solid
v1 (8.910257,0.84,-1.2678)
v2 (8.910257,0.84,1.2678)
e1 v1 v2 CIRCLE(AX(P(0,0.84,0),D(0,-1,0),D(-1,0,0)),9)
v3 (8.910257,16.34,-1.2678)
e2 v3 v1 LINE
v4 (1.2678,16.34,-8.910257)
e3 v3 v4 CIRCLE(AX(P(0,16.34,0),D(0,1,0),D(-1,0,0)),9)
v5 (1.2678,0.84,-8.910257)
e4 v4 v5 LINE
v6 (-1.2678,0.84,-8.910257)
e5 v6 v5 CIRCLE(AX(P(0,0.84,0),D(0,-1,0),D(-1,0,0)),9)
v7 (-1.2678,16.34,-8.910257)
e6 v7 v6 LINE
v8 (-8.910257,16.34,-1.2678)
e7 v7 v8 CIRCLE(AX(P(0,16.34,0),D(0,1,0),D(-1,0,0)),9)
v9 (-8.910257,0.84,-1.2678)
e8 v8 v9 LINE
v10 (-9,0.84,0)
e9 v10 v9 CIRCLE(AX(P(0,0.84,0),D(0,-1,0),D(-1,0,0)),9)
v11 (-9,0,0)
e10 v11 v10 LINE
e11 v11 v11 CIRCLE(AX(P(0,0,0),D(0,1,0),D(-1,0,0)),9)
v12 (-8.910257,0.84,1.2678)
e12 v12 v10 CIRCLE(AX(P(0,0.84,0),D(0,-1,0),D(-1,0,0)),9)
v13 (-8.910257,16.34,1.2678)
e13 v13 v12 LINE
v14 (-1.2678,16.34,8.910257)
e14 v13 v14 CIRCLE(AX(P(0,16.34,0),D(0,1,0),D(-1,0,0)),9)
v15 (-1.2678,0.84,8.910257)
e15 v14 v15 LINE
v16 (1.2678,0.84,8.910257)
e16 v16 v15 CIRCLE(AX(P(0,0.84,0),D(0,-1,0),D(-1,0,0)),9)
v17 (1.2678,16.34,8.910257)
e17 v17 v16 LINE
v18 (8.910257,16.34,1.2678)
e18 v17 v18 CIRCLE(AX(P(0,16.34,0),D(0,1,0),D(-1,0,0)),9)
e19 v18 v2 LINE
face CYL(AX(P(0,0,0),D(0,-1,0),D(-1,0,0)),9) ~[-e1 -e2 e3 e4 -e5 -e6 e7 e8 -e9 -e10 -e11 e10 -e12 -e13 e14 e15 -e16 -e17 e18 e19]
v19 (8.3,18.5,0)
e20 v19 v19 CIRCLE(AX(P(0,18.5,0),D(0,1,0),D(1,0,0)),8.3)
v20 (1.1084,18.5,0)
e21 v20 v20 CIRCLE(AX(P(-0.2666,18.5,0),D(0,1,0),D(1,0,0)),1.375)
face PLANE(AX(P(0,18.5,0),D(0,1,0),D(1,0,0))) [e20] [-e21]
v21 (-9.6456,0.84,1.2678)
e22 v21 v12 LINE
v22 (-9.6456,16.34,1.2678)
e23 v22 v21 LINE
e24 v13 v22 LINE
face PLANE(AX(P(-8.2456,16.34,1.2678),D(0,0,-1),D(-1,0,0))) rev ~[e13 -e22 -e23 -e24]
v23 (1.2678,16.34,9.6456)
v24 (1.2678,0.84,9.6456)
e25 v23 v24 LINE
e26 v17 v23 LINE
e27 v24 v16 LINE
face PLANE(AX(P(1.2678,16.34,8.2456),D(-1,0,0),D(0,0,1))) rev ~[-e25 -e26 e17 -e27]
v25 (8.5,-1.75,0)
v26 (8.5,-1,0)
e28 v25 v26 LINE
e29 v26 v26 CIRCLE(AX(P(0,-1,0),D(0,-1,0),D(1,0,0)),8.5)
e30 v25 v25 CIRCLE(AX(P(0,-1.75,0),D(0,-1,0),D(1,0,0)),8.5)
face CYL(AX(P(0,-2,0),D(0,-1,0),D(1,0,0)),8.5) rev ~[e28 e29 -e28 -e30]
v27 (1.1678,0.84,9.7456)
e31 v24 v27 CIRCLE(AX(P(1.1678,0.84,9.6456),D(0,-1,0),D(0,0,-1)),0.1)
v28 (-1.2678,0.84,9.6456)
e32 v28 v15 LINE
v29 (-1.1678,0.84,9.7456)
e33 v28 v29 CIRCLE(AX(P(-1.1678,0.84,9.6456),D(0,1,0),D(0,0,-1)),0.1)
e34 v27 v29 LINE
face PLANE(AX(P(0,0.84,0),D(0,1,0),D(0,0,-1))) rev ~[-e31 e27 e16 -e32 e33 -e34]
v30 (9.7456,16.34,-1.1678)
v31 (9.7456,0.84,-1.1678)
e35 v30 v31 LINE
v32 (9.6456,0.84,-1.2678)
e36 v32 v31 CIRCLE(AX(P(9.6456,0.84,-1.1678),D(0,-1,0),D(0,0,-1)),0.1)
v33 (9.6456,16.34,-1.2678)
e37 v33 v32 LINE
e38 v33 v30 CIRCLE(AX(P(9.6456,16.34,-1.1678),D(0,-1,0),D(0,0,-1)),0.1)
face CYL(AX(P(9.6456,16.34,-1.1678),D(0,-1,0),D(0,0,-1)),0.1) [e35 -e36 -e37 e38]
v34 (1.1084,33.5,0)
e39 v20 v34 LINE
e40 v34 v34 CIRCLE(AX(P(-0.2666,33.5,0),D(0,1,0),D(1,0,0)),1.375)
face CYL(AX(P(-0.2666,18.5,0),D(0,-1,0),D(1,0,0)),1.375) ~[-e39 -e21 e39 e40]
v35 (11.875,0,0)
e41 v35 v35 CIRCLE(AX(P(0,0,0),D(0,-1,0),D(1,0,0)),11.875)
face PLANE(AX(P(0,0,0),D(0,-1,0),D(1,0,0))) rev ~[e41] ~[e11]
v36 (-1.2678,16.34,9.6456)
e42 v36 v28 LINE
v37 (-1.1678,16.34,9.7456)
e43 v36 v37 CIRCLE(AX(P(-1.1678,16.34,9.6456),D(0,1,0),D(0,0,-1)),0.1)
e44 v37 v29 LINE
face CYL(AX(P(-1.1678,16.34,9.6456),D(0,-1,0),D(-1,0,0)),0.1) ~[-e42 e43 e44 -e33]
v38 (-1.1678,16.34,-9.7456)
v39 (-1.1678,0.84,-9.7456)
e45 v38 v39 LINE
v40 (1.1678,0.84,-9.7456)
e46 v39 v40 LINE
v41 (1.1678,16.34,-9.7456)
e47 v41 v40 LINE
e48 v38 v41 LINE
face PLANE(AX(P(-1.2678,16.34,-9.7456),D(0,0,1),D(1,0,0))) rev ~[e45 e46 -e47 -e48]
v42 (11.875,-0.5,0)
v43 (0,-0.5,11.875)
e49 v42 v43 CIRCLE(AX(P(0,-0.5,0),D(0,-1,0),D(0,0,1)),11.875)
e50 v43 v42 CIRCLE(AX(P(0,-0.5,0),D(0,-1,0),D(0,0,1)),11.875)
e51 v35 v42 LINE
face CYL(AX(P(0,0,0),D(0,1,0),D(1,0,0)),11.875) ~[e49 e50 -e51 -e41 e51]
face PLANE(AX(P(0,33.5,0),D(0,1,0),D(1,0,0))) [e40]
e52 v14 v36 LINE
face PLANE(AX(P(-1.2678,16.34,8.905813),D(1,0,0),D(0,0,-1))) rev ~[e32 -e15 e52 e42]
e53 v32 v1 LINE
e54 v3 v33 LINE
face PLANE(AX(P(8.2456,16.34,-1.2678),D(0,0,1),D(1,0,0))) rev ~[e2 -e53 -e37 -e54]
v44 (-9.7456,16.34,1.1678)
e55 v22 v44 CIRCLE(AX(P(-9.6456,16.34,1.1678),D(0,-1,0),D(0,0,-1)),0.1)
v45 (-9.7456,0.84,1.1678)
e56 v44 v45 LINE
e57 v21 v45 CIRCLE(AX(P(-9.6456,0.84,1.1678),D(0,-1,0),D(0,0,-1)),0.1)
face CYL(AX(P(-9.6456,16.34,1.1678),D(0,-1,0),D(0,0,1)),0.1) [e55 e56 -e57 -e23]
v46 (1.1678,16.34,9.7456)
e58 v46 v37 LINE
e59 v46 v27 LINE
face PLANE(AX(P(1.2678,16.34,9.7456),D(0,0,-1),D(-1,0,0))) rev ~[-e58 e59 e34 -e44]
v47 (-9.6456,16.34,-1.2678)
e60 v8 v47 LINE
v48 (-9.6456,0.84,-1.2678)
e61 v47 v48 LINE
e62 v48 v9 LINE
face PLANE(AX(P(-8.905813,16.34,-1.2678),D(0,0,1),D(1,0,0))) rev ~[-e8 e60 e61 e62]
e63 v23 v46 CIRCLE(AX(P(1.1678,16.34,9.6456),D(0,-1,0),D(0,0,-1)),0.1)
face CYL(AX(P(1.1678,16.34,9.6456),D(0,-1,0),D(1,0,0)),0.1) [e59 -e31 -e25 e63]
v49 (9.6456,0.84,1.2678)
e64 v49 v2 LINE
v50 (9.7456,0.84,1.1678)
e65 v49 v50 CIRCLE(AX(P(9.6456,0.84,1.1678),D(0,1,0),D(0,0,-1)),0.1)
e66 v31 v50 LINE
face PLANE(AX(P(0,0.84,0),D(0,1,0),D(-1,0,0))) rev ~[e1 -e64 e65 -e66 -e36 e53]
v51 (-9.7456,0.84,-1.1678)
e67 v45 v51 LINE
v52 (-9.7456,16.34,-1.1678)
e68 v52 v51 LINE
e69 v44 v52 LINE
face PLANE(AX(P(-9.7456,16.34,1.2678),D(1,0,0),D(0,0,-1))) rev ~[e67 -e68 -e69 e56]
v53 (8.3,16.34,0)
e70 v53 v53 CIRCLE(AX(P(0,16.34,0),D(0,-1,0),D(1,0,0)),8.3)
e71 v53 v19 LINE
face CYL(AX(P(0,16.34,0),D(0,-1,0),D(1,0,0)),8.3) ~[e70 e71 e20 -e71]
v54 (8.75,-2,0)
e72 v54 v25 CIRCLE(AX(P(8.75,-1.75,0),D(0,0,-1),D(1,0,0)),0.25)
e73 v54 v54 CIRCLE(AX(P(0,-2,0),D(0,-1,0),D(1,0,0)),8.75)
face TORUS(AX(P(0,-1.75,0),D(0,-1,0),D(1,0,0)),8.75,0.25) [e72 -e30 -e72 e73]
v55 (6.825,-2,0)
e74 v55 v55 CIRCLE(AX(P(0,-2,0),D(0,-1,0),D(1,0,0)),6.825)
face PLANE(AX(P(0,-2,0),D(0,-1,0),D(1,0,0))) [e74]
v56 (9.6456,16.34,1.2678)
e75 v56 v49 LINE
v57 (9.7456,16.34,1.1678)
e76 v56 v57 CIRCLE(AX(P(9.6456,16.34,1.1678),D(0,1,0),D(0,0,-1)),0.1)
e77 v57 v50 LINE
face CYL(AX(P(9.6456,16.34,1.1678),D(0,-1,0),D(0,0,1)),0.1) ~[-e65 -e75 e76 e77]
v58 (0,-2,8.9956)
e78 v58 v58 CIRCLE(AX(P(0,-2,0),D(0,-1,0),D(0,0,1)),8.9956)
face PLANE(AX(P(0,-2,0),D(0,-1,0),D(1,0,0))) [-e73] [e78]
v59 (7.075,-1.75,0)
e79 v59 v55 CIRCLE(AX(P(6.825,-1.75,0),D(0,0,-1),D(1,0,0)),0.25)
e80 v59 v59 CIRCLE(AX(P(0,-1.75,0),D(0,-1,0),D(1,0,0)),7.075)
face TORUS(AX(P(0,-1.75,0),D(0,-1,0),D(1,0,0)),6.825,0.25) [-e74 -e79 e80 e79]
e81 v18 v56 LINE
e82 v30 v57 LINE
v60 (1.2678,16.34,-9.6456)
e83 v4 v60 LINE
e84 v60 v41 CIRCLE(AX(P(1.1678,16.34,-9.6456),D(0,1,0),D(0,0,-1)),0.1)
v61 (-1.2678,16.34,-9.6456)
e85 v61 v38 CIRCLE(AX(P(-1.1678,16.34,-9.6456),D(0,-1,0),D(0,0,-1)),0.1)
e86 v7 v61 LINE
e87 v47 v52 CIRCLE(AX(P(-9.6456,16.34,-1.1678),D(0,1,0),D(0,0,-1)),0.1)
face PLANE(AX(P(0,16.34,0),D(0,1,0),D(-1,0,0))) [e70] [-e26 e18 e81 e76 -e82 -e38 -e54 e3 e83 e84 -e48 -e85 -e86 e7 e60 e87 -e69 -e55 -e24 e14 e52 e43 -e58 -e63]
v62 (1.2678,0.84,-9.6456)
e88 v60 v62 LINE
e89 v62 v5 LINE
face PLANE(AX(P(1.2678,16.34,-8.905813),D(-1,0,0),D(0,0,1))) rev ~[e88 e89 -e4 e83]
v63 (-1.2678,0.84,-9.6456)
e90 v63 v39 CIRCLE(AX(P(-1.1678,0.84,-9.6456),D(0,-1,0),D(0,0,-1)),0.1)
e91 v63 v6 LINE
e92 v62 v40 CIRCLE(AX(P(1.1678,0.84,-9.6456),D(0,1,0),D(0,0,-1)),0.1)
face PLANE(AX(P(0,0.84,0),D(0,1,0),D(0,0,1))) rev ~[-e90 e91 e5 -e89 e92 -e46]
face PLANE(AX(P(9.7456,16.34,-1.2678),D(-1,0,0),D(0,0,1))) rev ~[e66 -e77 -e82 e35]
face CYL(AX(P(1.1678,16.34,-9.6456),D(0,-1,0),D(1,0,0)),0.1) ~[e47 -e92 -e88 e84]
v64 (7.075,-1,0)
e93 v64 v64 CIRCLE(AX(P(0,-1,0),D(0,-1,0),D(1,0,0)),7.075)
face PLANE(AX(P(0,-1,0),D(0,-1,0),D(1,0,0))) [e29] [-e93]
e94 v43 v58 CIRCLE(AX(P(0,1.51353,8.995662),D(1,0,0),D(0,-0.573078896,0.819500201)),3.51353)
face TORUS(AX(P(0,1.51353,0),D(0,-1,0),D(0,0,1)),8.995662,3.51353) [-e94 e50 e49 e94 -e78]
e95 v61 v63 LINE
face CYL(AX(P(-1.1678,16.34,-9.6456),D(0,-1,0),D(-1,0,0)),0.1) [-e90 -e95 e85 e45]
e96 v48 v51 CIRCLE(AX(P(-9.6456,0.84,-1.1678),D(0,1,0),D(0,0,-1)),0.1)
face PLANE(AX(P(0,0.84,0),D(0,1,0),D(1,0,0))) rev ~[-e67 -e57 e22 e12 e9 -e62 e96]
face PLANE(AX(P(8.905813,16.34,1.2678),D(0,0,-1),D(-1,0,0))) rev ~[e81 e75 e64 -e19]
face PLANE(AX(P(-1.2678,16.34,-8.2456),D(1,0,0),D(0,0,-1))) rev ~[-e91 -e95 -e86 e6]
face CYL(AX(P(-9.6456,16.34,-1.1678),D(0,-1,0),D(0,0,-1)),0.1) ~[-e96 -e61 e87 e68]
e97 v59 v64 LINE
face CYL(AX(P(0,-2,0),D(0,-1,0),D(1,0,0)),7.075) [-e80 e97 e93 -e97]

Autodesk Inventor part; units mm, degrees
ref_plane "YZ Plane" through (0, 0, 0) normal (1, 0, 0) x (0, 1, 0)
ref_plane "XZ Plane" through (0, 0, 0) normal (0, 1, 0) x (-1, 0, 0)
ref_plane "XY Plane" through (0, 0, 0) normal (0, 0, 1) x (1, 0, 0)
sketch "Skizze1" plane through (0, 0, 0) normal (0, 1, 0) x (-1, 0, 0)
  circle A0 centre (0, 0) radius 9
  dimension "d0" = 18
extrude "Extrusion1" add sketch "Skizze1" along normal blind 16.34
sketch "Skizze2" plane through (0, 16.34, 0) normal (0, 1, 0) x (1, 0, 0)
  circle A0 centre (0, 0) radius 8.3
  dimension "d3" = 16.6
extrude "Extrusion2" add sketch "Skizze2" along normal blind 2.16
sketch "Skizze3" plane through (0, 0, 0) normal (0, -1, 0) x (1, 0, 0)
  circle A0 centre (0, 0) radius 11.875
  dimension "d6" = 23.75
extrude "Extrusion3" add sketch "Skizze3" along normal blind 2
sketch "Skizze4" plane through (0, -2, 0) normal (0, -1, 0) x (1, 0, 0)
  circle A0 centre (0, 0) radius 7.075
  circle A1 centre (0, 0) radius 8.5
  dimension "d9" = 14.15
  dimension "d10" = 17
extrude "Extrusion4" cut sketch "Skizze4" against normal blind 1
fillet "Rundung1" radius 0.25 2 edges at (-7.075, -2, 0) (-8.5, -2, 0)
sketch "Skizze5" plane through (0, 0, 0) normal (1, 0, 0) x (0, 1, 0)
  line L0 (-2, 11.875) -> (-2, -11.875) projected
  line L1 (0, 11.875) -> (-2, 11.875) projected
  arc A0 (-0.5, 11.875) -> (-2, 8.9956) centre (1.5136, 8.9956) ccw
  line L2 (0, 0) -> (-4.6348, 0)
  dimension "d14" = 0.5
revolve "Umdrehung1" cut sketch "Skizze5" angle 360 about axis through (0, 0, 0) along (0, -1, 0)
sketch "Skizze6" plane through (0, 16.34, 0) normal (0, 1, 0) x (1, 0, 0)
  line L0 (-8.2456, -1.2678) -> (-9.7456, -1.2678)
  line L1 (-9.7456, -1.2678) -> (-9.7456, 1.2678)
  line L2 (-9.7456, 1.2678) -> (-8.2456, 1.2678)
  line L3 (-8.2456, 1.2678) -> (-8.2456, -1.2678)
  circle A0 centre (0, 0) radius 8.9956 projected
  line L4 (-8.2456, -1.2678) -> (-9.7456, 1.2678) construction
  line L5 (-9.7456, -1.2678) -> (-8.2456, 1.2678) construction
  point P0 (-8.9956, 0)
  dimension "d16" = 0.75
extrude "Extrusion5" add sketch "Skizze6" against normal blind 15.5 contours L0 A0 L2 L3 | L0 L1 L2 A0 picked at (-8.4923, -0.1413)
fillet "Rundung2" radius 0.1 2 edges at (-9.7456, 8.59, -1.2678) (-9.7456, 8.59, 1.2678)
pattern_circular "Runde Anordnung1" count 4 over 360 about axis through (0, 0, 0) along (0, 1, 0) of "Extrusion5", "Rundung2"
sketch "Skizze7" plane through (0, 18.5, 0) normal (0, 1, 0) x (1, 0, 0)
  circle A0 centre (-0.2666, 0) radius 1.375
  point P0 (0, 0)
  dimension "d23" = 2.75
extrude "Extrusion6" add sketch "Skizze7" along normal blind 15
properties part number "JSN-SR04 US Sensor" material "ABS-Kunststoff"
